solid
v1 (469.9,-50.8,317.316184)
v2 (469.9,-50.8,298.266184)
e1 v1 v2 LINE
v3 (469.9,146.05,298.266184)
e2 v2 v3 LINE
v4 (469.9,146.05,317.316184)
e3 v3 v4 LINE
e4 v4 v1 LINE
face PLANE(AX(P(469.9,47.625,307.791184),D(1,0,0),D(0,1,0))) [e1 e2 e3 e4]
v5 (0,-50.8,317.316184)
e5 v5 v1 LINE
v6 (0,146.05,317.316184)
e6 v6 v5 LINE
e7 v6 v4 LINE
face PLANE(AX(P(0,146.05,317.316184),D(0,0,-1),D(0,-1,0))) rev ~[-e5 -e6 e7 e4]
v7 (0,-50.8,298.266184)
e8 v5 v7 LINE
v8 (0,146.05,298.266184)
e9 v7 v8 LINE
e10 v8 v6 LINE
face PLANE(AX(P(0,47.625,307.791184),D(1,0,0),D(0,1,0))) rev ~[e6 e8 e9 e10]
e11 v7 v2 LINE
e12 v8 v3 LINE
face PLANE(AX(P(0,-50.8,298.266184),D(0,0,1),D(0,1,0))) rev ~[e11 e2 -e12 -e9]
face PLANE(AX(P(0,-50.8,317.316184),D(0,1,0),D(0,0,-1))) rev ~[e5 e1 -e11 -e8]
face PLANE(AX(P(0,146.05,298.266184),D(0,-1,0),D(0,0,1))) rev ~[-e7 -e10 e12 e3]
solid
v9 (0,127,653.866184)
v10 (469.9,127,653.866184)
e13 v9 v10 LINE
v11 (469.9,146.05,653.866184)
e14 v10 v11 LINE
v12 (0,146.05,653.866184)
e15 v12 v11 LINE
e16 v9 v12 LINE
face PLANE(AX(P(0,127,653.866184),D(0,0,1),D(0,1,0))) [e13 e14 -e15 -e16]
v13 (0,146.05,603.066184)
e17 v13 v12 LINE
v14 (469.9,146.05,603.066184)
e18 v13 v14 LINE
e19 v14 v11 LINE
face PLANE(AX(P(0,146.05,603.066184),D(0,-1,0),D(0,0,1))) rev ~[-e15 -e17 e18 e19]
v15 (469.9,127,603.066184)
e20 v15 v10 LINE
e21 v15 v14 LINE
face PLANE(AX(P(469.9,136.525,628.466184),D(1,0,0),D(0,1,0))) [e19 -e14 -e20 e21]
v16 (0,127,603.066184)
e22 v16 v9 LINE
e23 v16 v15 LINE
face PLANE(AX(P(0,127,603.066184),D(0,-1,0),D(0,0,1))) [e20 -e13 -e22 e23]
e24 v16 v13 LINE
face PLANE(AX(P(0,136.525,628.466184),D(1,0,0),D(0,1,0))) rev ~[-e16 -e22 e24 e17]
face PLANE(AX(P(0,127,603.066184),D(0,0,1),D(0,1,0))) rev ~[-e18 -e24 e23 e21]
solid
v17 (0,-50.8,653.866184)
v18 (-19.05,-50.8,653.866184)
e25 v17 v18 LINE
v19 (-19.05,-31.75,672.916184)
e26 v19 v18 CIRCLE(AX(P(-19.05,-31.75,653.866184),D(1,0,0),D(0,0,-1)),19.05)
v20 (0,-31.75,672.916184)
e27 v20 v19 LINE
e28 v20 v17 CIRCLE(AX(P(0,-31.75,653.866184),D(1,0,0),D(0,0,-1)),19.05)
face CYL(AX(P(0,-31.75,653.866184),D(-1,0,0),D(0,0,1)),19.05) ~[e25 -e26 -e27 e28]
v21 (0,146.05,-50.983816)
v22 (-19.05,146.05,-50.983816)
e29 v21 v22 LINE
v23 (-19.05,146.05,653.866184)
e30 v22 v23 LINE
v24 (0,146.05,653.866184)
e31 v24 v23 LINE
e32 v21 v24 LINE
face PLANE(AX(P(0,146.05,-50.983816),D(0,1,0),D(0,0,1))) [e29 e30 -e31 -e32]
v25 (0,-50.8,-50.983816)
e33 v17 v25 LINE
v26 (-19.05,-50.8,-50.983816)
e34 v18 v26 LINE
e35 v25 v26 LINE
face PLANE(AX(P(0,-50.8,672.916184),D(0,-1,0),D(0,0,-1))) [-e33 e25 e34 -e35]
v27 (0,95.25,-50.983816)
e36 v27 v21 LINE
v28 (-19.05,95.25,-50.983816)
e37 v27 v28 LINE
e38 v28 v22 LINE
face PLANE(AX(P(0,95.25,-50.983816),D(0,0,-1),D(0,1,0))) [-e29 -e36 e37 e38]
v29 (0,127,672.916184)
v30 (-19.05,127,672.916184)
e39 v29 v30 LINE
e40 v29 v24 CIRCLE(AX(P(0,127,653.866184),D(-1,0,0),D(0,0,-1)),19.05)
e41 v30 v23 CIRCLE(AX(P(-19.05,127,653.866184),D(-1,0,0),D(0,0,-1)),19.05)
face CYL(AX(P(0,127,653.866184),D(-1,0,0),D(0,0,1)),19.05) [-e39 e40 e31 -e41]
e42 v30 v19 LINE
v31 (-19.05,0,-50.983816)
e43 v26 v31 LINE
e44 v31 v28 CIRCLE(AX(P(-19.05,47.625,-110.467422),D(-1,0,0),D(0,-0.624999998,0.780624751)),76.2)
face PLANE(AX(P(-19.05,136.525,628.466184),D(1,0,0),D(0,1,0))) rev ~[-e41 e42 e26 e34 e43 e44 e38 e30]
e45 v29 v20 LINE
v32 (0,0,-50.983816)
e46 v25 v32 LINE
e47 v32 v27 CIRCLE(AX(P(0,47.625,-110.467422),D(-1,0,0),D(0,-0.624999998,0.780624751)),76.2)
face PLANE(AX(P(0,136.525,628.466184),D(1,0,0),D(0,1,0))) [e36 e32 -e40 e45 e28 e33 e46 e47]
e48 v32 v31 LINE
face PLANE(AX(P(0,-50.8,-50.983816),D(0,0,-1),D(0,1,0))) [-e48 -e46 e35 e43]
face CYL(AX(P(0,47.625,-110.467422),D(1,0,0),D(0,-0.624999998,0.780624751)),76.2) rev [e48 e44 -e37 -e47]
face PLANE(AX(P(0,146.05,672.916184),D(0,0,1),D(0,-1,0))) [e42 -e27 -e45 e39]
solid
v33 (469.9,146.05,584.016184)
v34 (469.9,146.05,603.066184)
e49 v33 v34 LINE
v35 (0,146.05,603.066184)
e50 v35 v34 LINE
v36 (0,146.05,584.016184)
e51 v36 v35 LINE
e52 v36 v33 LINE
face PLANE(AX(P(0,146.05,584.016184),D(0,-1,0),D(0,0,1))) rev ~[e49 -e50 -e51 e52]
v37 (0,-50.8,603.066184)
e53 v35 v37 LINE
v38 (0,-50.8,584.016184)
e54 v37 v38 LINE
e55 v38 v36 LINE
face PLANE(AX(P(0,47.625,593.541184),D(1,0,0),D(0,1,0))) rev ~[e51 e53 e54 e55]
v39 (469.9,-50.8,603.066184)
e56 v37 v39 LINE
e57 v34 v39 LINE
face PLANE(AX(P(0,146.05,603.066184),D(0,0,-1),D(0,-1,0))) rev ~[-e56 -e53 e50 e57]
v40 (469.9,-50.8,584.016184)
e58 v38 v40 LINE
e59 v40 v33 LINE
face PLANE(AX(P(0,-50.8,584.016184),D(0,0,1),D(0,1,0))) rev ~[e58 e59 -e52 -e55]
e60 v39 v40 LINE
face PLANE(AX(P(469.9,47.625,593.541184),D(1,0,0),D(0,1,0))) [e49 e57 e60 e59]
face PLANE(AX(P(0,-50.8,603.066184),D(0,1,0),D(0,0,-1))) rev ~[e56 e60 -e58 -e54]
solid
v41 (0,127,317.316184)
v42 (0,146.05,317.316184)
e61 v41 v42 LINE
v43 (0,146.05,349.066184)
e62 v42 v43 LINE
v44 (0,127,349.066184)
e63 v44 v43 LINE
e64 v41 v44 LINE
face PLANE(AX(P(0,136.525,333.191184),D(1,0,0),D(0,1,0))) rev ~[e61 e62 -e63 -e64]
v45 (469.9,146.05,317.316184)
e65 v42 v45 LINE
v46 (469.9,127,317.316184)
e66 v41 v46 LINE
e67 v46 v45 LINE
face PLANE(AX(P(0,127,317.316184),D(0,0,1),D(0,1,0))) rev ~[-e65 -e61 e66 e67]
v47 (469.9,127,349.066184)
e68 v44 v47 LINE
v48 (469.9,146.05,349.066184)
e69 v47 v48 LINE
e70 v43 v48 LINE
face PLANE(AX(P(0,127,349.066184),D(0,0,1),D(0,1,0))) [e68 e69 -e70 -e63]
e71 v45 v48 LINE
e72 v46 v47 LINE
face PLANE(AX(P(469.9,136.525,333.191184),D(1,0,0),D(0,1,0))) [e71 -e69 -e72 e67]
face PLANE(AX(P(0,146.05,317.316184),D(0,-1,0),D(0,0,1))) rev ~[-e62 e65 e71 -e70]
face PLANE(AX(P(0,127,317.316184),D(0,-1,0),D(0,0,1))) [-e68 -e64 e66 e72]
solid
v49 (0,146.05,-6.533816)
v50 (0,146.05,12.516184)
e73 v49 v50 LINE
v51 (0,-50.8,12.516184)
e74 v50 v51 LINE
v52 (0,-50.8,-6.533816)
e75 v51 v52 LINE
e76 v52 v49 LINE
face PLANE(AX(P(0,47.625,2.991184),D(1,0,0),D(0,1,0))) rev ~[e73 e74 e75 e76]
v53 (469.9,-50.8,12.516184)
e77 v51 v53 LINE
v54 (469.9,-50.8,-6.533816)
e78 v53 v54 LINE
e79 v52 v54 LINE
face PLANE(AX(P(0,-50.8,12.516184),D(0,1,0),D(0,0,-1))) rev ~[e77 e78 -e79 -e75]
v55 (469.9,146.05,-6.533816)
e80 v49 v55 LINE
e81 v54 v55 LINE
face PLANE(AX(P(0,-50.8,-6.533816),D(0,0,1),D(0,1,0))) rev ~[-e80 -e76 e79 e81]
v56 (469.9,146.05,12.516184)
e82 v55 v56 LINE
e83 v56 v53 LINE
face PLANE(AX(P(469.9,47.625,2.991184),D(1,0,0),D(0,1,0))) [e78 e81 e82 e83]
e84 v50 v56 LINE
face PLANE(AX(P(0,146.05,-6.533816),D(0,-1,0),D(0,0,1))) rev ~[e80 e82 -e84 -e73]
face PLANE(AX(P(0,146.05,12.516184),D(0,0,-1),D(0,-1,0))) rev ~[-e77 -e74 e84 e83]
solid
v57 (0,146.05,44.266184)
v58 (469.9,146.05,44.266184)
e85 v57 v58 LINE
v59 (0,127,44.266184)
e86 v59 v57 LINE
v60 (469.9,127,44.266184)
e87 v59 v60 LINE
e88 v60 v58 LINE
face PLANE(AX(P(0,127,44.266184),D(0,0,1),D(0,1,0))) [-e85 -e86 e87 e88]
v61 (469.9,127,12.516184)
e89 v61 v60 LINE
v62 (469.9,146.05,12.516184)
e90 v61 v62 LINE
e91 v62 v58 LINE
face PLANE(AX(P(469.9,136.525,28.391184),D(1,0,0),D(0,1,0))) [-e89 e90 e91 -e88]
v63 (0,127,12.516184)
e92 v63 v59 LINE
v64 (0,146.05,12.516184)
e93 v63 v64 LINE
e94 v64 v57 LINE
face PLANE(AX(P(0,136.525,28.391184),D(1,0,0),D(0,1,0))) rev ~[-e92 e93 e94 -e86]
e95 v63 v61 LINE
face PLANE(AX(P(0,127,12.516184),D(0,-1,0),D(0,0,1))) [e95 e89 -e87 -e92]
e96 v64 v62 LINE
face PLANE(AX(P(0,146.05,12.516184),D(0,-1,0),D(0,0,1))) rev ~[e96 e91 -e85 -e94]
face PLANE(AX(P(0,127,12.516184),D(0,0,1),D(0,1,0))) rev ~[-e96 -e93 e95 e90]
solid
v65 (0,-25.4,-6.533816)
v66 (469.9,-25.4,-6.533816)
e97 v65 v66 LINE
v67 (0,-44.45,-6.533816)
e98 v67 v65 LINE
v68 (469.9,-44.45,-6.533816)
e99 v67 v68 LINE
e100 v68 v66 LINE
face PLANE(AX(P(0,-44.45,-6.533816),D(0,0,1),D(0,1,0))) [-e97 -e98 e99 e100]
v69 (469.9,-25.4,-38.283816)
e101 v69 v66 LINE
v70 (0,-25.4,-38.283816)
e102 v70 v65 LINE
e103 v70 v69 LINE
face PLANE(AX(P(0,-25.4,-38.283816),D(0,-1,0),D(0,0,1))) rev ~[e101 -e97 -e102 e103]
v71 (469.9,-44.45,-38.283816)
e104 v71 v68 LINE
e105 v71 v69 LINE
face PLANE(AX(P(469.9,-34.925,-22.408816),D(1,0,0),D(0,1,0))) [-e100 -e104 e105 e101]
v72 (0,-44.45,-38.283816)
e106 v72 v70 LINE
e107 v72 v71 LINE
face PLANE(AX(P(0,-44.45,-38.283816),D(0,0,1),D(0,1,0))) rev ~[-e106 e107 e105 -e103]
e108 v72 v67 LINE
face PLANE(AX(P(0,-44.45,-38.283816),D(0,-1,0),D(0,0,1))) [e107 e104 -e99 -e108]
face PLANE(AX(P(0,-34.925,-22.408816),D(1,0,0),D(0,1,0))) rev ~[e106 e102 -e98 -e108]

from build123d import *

# Parameters (mm, degrees)
F0_W     = 19.05
F0_H     = 50.8
F0_H_2   = 31.75
F1_DEPTH = 19.05
F2_DEPTH = 469.9
F3_DEPTH = 469.9
F4_R     = 19.05


with BuildPart() as f1:
    # F0 (on Right) → F1 (new body)
    with BuildSketch(Plane.YZ):
        with Locations((136.525, 628.466184)):
            Rectangle(F0_W, F0_H)
        Polygon((-50.8, 672.916184), (-50.8, 603.066184), (127, 603.066184), (127, 653.866184), (146.05, 653.866184), (146.05, 672.916184), align=None)
        Polygon((-50.8, 603.066184), (-50.8, 584.016184), (146.05, 584.016184), (146.05, 603.066184), (127, 603.066184), align=None)
        Polygon((-50.8, 584.016184), (-50.8, 317.316184), (127, 317.316184), (127, 349.066184), (146.05, 349.066184), (146.05, 584.016184), align=None)
        with Locations((136.525, 333.191184)):
            Rectangle(F0_W, F0_H_2)
        Polygon((-50.8, 298.266184), (146.05, 298.266184), (146.05, 317.316184), (127, 317.316184), (-50.8, 317.316184), align=None)
        Polygon((127, 44.266184), (146.05, 44.266184), (146.05, 298.266184), (-50.8, 298.266184), (-50.8, 12.516184), (127, 12.516184), align=None)
        with Locations((136.525, 28.391184)):
            Rectangle(F0_W, F0_H_2)
        with BuildLine():
            ThreePointArc((0, -50.983816), (47.625, -34.267422), (95.25, -50.983816))
            Line((95.25, -50.983816), (146.05, -50.983816))
            Line((146.05, -50.983816), (146.05, -6.533816))
            Line((146.05, -6.533816), (-25.4, -6.533816))
            Line((-25.4, -6.533816), (-25.4, -38.283816))
            Line((-25.4, -38.283816), (-44.45, -38.283816))
            Line((-44.45, -38.283816), (-44.45, -6.533816))
            Line((-44.45, -6.533816), (-50.8, -6.533816))
            Line((-50.8, -6.533816), (-50.8, -50.983816))
            Line((-50.8, -50.983816), (0, -50.983816))
        make_face()
        with Locations((-34.925, -22.408816)):
            Rectangle(F0_W, F0_H_2)
        Polygon((-25.4, -6.533816), (146.05, -6.533816), (146.05, 12.516184), (127, 12.516184), (-50.8, 12.516184), (-50.8, -6.533816), (-44.45, -6.533816), align=None)
    extrude(amount=-F1_DEPTH)

    # F4
    f4_edges = [f1.edges().sort_by_distance(p)[0] for p in [
        (-9.525, 146.05, 672.916184),
        (-9.525, -50.8, 672.916184),
    ]]
    fillet(f4_edges, radius=F4_R)


with BuildPart() as f2:
    # F0 (on Right) → F2 (new body)
    with BuildSketch(Plane.YZ):
        with Locations((136.525, 628.466184)):
            Rectangle(F0_W, F0_H)
        with Locations((136.525, 333.191184)):
            Rectangle(F0_W, F0_H_2)
        with Locations((136.525, 28.391184)):
            Rectangle(F0_W, F0_H_2)
        with Locations((-34.925, -22.408816)):
            Rectangle(F0_W, F0_H_2)
    extrude(amount=F2_DEPTH)


with BuildPart() as f3:
    # F0 (on Right) → F3 (new body)
    with BuildSketch(Plane.YZ):
        Polygon((-50.8, 603.066184), (-50.8, 584.016184), (146.05, 584.016184), (146.05, 603.066184), (127, 603.066184), align=None)
        Polygon((-50.8, 298.266184), (146.05, 298.266184), (146.05, 317.316184), (127, 317.316184), (-50.8, 317.316184), align=None)
        Polygon((-25.4, -6.533816), (146.05, -6.533816), (146.05, 12.516184), (127, 12.516184), (-50.8, 12.516184), (-50.8, -6.533816), (-44.45, -6.533816), align=None)
    extrude(amount=F3_DEPTH)


solid = Compound([f1.part, f2.part, f3.part])
